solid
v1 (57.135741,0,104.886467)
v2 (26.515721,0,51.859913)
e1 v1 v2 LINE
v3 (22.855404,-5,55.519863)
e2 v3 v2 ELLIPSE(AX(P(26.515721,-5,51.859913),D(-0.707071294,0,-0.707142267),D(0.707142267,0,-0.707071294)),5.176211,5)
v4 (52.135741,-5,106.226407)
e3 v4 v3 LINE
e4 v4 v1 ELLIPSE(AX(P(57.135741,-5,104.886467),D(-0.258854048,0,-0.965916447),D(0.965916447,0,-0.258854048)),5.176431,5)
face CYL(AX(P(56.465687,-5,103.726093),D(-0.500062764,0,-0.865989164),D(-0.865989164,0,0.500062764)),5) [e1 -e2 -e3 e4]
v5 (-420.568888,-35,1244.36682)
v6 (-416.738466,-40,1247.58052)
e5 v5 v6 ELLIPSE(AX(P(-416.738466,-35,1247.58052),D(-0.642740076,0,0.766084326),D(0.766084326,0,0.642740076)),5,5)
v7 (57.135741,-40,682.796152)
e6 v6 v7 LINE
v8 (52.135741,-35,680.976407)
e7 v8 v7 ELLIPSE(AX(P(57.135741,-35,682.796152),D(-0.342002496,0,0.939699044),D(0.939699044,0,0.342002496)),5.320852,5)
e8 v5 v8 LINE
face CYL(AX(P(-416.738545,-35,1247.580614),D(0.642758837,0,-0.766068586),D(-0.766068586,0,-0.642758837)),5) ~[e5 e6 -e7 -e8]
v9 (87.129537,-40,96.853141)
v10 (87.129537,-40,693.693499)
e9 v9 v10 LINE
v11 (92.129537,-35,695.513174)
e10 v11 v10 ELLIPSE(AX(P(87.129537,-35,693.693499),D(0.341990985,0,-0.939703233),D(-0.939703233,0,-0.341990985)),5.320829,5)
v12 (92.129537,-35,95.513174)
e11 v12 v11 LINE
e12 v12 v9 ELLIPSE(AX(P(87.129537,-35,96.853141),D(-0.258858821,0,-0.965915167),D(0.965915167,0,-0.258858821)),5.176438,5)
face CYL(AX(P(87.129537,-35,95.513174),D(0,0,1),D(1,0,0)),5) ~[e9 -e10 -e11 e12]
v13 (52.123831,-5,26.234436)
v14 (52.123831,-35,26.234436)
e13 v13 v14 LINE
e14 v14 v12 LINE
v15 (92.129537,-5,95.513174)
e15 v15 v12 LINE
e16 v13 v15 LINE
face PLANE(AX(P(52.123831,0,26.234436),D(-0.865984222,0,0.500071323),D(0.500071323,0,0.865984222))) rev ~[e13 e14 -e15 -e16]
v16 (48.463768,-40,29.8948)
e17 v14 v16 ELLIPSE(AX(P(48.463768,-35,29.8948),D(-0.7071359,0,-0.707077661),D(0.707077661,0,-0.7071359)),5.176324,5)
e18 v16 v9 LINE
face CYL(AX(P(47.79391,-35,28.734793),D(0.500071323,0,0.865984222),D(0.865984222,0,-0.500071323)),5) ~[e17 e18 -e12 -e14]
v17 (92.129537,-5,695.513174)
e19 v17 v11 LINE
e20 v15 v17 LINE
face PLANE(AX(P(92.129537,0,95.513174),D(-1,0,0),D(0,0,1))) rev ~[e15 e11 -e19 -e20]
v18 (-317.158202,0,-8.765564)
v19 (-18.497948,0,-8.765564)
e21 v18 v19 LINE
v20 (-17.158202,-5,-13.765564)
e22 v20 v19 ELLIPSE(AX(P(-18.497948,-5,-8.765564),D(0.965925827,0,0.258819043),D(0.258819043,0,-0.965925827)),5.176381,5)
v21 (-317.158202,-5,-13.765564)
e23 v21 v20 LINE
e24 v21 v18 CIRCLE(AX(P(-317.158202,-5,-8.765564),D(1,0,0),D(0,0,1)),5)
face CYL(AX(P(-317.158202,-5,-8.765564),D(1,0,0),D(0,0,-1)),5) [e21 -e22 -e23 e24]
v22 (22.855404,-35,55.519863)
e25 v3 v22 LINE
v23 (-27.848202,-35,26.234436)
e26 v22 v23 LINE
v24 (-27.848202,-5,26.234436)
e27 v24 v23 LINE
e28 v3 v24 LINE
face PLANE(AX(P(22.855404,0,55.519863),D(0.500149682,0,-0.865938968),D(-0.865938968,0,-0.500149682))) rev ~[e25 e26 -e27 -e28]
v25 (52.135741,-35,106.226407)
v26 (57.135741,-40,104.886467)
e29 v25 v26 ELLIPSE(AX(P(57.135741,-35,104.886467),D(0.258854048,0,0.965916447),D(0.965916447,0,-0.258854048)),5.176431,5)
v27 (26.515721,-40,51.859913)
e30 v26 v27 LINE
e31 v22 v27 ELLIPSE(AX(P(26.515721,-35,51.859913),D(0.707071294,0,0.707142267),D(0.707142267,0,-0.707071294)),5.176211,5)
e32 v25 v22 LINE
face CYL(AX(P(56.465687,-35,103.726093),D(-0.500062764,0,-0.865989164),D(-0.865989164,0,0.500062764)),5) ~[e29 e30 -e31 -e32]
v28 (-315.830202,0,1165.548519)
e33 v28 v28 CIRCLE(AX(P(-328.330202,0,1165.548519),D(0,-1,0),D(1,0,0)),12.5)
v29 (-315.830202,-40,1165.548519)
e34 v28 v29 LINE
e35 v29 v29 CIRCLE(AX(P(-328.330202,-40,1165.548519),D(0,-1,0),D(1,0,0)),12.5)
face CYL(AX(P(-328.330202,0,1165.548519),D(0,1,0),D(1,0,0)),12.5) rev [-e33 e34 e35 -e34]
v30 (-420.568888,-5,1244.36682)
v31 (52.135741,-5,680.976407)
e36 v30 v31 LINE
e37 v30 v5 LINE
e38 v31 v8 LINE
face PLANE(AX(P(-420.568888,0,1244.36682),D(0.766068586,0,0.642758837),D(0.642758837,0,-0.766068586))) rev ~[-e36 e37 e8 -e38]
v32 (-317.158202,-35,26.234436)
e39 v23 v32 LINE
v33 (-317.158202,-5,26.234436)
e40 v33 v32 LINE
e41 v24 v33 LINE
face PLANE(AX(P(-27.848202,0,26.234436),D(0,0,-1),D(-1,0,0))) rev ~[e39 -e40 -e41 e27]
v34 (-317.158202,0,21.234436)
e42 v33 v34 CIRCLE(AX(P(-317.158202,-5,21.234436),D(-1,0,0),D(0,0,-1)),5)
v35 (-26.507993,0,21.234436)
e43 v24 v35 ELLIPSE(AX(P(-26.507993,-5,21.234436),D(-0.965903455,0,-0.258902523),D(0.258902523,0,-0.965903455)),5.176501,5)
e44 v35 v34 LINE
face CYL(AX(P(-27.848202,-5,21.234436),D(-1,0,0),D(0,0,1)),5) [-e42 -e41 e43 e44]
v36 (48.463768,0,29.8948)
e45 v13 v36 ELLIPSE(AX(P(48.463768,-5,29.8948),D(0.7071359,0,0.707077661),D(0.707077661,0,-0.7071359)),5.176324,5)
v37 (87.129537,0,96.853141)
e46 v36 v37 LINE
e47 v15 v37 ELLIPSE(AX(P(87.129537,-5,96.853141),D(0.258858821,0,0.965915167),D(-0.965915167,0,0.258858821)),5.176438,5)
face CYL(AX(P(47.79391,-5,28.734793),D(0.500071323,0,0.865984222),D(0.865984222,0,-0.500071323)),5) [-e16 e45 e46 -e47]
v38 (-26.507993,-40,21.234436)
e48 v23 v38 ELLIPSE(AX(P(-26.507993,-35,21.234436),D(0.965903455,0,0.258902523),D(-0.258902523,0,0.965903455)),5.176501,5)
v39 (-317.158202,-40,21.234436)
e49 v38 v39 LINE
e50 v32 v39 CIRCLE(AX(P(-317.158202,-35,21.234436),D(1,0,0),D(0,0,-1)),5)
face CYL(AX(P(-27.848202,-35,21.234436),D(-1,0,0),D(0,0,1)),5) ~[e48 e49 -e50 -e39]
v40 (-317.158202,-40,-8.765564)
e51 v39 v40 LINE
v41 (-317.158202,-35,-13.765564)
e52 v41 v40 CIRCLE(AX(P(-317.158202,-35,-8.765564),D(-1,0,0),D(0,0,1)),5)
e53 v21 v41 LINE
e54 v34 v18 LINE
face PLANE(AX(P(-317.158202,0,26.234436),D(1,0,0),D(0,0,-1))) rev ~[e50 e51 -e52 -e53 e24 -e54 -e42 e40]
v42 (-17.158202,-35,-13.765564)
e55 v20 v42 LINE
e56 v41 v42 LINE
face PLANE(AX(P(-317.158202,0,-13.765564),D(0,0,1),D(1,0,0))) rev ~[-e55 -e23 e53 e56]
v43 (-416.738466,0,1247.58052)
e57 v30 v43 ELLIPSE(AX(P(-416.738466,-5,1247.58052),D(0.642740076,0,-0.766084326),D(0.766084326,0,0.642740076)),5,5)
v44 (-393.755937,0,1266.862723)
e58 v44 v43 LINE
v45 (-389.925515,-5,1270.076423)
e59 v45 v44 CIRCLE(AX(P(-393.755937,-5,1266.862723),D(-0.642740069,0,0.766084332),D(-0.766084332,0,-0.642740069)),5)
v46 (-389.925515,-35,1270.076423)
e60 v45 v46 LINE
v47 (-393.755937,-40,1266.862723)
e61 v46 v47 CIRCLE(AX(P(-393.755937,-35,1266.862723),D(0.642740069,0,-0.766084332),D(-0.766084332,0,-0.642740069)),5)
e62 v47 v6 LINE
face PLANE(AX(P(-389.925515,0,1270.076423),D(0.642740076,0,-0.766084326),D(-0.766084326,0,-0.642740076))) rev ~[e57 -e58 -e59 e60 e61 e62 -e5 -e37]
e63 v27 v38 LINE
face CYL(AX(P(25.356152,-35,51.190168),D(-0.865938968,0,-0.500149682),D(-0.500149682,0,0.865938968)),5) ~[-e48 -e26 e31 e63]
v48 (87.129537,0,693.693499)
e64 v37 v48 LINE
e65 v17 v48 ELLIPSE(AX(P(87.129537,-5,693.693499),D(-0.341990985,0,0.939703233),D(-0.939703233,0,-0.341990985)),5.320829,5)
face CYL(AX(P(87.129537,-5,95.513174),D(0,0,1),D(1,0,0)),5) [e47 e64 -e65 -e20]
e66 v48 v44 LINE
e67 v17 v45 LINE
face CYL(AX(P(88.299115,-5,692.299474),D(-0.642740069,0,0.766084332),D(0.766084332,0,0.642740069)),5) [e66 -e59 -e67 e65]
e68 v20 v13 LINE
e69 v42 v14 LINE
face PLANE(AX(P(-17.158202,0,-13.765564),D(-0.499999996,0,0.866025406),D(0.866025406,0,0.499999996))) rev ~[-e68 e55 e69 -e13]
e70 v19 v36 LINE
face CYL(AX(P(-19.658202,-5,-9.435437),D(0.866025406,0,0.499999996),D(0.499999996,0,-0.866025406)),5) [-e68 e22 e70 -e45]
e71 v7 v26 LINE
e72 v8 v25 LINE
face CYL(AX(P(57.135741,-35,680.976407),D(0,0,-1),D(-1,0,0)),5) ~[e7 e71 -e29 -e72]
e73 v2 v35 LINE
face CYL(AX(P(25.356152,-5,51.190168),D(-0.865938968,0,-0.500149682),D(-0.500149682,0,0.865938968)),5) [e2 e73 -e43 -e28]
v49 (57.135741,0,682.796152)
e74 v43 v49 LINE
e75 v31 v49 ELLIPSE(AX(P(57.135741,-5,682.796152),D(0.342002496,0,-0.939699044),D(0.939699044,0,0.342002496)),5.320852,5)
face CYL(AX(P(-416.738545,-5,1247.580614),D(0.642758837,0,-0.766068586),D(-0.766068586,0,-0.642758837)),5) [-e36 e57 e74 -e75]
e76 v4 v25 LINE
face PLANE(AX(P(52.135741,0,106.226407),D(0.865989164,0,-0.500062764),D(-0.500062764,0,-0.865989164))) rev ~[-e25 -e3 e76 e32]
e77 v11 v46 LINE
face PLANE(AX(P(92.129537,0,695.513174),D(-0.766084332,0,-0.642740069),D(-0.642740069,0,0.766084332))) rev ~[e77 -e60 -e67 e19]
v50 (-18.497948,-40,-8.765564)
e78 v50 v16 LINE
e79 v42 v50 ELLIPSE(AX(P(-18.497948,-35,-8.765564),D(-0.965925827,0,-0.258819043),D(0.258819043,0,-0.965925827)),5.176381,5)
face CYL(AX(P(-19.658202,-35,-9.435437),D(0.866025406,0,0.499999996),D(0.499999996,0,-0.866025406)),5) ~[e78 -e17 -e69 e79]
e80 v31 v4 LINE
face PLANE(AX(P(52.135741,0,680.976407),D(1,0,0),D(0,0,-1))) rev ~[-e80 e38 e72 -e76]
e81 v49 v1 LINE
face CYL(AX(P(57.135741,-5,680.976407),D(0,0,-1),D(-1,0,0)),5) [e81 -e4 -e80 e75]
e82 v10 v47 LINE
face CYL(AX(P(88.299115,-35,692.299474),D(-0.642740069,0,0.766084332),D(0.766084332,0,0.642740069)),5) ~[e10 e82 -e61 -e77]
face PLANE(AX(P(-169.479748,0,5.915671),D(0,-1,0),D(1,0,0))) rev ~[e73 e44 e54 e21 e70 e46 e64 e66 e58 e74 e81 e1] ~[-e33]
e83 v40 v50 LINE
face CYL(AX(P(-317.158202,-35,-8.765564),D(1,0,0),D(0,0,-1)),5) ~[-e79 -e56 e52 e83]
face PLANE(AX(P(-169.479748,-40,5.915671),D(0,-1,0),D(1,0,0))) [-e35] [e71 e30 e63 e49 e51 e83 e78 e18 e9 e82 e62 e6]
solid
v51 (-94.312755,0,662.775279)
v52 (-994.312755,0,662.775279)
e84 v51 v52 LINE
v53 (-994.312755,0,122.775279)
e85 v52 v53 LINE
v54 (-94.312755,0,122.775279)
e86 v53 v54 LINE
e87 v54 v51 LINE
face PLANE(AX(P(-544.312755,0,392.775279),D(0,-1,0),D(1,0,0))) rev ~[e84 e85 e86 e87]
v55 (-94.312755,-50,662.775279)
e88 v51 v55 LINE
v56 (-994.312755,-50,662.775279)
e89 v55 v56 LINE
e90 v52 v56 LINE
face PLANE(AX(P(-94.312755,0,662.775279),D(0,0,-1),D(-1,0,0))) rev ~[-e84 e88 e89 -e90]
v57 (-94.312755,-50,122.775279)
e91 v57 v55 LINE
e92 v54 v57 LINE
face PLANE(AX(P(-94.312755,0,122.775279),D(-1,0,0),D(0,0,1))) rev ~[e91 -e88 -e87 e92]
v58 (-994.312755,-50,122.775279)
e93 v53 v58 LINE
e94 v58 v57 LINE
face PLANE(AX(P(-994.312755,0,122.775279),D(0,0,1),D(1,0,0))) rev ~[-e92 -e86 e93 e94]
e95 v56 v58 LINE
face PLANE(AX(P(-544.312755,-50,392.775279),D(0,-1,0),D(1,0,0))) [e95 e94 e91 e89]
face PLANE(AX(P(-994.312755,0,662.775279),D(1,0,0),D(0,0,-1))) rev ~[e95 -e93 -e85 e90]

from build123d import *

# Parameters (mm, degrees)
F0_R     = 12.5
F1_DEPTH = 40
F2_R     = 5
F4_DEPTH = 50


with BuildPart() as f1:
    # F0 (on Front) → F1 (new body)
    with BuildSketch(Plane.XZ):
        Polygon((-27.848202, 26.234436), (-317.158202, 26.234436), (-317.158202, -13.765564), (-17.158202, -13.765564), align=None)
        Polygon((22.855404, 55.519863), (-27.848202, 26.234436), (-17.158202, -13.765564), (52.123831, 26.234436), align=None)
        Polygon((52.135741, 106.226407), (22.855404, 55.519863), (52.123831, 26.234436), (92.129537, 95.513174), align=None)
        Polygon((52.135741, 680.976407), (52.135741, 106.226407), (92.129537, 95.513174), (92.129537, 695.513174), align=None)
        Polygon((-420.568888, 1244.36682), (52.135741, 680.976407), (92.129537, 695.513174), (-389.925515, 1270.076423), align=None)
        with Locations((-328.330202, 1165.548519)):
            Circle(F0_R, mode=Mode.SUBTRACT)
    extrude(amount=F1_DEPTH)

    # F2
    f2_edges = [f1.edges().sort_by_distance(p)[0] for p in [
        (-148.897989, -40, 982.794798),
        (-184.216573, 0, 962.671614),
        (-184.216573, -40, 962.671614),
        (-148.897989, 0, 982.794798),
        (52.135741, 0, 393.601407),
        (52.135741, -40, 393.601407),
        (92.129537, 0, 395.513174),
        (-172.503202, -40, 26.234436),
        (37.495573, -40, 80.873135),
        (-2.496399, -40, 40.877149),
        (37.495573, 0, 80.873135),
        (-2.496399, 0, 40.877149),
        (-172.503202, 0, 26.234436),
        (-167.158202, 0, -13.765564),
        (17.482815, 0, 6.234436),
        (72.126684, 0, 60.873805),
        (-167.158202, -40, -13.765564),
        (17.482815, -40, 6.234436),
        (72.126684, -40, 60.873805),
        (92.129537, -40, 395.513174),
    ]]
    fillet(f2_edges, radius=F2_R)


with BuildPart() as f4:
    # F3 (on Front) → F4 (new body)
    with BuildSketch(Plane.XZ):
        Polygon((-516.625106, 122.775279), (-94.312755, 122.775279), (-94.312755, 662.775279), (-994.312755, 662.775279), (-994.312755, 122.775279), align=None)
    extrude(amount=F4_DEPTH)


solid = Compound([f1.part, f4.part])
